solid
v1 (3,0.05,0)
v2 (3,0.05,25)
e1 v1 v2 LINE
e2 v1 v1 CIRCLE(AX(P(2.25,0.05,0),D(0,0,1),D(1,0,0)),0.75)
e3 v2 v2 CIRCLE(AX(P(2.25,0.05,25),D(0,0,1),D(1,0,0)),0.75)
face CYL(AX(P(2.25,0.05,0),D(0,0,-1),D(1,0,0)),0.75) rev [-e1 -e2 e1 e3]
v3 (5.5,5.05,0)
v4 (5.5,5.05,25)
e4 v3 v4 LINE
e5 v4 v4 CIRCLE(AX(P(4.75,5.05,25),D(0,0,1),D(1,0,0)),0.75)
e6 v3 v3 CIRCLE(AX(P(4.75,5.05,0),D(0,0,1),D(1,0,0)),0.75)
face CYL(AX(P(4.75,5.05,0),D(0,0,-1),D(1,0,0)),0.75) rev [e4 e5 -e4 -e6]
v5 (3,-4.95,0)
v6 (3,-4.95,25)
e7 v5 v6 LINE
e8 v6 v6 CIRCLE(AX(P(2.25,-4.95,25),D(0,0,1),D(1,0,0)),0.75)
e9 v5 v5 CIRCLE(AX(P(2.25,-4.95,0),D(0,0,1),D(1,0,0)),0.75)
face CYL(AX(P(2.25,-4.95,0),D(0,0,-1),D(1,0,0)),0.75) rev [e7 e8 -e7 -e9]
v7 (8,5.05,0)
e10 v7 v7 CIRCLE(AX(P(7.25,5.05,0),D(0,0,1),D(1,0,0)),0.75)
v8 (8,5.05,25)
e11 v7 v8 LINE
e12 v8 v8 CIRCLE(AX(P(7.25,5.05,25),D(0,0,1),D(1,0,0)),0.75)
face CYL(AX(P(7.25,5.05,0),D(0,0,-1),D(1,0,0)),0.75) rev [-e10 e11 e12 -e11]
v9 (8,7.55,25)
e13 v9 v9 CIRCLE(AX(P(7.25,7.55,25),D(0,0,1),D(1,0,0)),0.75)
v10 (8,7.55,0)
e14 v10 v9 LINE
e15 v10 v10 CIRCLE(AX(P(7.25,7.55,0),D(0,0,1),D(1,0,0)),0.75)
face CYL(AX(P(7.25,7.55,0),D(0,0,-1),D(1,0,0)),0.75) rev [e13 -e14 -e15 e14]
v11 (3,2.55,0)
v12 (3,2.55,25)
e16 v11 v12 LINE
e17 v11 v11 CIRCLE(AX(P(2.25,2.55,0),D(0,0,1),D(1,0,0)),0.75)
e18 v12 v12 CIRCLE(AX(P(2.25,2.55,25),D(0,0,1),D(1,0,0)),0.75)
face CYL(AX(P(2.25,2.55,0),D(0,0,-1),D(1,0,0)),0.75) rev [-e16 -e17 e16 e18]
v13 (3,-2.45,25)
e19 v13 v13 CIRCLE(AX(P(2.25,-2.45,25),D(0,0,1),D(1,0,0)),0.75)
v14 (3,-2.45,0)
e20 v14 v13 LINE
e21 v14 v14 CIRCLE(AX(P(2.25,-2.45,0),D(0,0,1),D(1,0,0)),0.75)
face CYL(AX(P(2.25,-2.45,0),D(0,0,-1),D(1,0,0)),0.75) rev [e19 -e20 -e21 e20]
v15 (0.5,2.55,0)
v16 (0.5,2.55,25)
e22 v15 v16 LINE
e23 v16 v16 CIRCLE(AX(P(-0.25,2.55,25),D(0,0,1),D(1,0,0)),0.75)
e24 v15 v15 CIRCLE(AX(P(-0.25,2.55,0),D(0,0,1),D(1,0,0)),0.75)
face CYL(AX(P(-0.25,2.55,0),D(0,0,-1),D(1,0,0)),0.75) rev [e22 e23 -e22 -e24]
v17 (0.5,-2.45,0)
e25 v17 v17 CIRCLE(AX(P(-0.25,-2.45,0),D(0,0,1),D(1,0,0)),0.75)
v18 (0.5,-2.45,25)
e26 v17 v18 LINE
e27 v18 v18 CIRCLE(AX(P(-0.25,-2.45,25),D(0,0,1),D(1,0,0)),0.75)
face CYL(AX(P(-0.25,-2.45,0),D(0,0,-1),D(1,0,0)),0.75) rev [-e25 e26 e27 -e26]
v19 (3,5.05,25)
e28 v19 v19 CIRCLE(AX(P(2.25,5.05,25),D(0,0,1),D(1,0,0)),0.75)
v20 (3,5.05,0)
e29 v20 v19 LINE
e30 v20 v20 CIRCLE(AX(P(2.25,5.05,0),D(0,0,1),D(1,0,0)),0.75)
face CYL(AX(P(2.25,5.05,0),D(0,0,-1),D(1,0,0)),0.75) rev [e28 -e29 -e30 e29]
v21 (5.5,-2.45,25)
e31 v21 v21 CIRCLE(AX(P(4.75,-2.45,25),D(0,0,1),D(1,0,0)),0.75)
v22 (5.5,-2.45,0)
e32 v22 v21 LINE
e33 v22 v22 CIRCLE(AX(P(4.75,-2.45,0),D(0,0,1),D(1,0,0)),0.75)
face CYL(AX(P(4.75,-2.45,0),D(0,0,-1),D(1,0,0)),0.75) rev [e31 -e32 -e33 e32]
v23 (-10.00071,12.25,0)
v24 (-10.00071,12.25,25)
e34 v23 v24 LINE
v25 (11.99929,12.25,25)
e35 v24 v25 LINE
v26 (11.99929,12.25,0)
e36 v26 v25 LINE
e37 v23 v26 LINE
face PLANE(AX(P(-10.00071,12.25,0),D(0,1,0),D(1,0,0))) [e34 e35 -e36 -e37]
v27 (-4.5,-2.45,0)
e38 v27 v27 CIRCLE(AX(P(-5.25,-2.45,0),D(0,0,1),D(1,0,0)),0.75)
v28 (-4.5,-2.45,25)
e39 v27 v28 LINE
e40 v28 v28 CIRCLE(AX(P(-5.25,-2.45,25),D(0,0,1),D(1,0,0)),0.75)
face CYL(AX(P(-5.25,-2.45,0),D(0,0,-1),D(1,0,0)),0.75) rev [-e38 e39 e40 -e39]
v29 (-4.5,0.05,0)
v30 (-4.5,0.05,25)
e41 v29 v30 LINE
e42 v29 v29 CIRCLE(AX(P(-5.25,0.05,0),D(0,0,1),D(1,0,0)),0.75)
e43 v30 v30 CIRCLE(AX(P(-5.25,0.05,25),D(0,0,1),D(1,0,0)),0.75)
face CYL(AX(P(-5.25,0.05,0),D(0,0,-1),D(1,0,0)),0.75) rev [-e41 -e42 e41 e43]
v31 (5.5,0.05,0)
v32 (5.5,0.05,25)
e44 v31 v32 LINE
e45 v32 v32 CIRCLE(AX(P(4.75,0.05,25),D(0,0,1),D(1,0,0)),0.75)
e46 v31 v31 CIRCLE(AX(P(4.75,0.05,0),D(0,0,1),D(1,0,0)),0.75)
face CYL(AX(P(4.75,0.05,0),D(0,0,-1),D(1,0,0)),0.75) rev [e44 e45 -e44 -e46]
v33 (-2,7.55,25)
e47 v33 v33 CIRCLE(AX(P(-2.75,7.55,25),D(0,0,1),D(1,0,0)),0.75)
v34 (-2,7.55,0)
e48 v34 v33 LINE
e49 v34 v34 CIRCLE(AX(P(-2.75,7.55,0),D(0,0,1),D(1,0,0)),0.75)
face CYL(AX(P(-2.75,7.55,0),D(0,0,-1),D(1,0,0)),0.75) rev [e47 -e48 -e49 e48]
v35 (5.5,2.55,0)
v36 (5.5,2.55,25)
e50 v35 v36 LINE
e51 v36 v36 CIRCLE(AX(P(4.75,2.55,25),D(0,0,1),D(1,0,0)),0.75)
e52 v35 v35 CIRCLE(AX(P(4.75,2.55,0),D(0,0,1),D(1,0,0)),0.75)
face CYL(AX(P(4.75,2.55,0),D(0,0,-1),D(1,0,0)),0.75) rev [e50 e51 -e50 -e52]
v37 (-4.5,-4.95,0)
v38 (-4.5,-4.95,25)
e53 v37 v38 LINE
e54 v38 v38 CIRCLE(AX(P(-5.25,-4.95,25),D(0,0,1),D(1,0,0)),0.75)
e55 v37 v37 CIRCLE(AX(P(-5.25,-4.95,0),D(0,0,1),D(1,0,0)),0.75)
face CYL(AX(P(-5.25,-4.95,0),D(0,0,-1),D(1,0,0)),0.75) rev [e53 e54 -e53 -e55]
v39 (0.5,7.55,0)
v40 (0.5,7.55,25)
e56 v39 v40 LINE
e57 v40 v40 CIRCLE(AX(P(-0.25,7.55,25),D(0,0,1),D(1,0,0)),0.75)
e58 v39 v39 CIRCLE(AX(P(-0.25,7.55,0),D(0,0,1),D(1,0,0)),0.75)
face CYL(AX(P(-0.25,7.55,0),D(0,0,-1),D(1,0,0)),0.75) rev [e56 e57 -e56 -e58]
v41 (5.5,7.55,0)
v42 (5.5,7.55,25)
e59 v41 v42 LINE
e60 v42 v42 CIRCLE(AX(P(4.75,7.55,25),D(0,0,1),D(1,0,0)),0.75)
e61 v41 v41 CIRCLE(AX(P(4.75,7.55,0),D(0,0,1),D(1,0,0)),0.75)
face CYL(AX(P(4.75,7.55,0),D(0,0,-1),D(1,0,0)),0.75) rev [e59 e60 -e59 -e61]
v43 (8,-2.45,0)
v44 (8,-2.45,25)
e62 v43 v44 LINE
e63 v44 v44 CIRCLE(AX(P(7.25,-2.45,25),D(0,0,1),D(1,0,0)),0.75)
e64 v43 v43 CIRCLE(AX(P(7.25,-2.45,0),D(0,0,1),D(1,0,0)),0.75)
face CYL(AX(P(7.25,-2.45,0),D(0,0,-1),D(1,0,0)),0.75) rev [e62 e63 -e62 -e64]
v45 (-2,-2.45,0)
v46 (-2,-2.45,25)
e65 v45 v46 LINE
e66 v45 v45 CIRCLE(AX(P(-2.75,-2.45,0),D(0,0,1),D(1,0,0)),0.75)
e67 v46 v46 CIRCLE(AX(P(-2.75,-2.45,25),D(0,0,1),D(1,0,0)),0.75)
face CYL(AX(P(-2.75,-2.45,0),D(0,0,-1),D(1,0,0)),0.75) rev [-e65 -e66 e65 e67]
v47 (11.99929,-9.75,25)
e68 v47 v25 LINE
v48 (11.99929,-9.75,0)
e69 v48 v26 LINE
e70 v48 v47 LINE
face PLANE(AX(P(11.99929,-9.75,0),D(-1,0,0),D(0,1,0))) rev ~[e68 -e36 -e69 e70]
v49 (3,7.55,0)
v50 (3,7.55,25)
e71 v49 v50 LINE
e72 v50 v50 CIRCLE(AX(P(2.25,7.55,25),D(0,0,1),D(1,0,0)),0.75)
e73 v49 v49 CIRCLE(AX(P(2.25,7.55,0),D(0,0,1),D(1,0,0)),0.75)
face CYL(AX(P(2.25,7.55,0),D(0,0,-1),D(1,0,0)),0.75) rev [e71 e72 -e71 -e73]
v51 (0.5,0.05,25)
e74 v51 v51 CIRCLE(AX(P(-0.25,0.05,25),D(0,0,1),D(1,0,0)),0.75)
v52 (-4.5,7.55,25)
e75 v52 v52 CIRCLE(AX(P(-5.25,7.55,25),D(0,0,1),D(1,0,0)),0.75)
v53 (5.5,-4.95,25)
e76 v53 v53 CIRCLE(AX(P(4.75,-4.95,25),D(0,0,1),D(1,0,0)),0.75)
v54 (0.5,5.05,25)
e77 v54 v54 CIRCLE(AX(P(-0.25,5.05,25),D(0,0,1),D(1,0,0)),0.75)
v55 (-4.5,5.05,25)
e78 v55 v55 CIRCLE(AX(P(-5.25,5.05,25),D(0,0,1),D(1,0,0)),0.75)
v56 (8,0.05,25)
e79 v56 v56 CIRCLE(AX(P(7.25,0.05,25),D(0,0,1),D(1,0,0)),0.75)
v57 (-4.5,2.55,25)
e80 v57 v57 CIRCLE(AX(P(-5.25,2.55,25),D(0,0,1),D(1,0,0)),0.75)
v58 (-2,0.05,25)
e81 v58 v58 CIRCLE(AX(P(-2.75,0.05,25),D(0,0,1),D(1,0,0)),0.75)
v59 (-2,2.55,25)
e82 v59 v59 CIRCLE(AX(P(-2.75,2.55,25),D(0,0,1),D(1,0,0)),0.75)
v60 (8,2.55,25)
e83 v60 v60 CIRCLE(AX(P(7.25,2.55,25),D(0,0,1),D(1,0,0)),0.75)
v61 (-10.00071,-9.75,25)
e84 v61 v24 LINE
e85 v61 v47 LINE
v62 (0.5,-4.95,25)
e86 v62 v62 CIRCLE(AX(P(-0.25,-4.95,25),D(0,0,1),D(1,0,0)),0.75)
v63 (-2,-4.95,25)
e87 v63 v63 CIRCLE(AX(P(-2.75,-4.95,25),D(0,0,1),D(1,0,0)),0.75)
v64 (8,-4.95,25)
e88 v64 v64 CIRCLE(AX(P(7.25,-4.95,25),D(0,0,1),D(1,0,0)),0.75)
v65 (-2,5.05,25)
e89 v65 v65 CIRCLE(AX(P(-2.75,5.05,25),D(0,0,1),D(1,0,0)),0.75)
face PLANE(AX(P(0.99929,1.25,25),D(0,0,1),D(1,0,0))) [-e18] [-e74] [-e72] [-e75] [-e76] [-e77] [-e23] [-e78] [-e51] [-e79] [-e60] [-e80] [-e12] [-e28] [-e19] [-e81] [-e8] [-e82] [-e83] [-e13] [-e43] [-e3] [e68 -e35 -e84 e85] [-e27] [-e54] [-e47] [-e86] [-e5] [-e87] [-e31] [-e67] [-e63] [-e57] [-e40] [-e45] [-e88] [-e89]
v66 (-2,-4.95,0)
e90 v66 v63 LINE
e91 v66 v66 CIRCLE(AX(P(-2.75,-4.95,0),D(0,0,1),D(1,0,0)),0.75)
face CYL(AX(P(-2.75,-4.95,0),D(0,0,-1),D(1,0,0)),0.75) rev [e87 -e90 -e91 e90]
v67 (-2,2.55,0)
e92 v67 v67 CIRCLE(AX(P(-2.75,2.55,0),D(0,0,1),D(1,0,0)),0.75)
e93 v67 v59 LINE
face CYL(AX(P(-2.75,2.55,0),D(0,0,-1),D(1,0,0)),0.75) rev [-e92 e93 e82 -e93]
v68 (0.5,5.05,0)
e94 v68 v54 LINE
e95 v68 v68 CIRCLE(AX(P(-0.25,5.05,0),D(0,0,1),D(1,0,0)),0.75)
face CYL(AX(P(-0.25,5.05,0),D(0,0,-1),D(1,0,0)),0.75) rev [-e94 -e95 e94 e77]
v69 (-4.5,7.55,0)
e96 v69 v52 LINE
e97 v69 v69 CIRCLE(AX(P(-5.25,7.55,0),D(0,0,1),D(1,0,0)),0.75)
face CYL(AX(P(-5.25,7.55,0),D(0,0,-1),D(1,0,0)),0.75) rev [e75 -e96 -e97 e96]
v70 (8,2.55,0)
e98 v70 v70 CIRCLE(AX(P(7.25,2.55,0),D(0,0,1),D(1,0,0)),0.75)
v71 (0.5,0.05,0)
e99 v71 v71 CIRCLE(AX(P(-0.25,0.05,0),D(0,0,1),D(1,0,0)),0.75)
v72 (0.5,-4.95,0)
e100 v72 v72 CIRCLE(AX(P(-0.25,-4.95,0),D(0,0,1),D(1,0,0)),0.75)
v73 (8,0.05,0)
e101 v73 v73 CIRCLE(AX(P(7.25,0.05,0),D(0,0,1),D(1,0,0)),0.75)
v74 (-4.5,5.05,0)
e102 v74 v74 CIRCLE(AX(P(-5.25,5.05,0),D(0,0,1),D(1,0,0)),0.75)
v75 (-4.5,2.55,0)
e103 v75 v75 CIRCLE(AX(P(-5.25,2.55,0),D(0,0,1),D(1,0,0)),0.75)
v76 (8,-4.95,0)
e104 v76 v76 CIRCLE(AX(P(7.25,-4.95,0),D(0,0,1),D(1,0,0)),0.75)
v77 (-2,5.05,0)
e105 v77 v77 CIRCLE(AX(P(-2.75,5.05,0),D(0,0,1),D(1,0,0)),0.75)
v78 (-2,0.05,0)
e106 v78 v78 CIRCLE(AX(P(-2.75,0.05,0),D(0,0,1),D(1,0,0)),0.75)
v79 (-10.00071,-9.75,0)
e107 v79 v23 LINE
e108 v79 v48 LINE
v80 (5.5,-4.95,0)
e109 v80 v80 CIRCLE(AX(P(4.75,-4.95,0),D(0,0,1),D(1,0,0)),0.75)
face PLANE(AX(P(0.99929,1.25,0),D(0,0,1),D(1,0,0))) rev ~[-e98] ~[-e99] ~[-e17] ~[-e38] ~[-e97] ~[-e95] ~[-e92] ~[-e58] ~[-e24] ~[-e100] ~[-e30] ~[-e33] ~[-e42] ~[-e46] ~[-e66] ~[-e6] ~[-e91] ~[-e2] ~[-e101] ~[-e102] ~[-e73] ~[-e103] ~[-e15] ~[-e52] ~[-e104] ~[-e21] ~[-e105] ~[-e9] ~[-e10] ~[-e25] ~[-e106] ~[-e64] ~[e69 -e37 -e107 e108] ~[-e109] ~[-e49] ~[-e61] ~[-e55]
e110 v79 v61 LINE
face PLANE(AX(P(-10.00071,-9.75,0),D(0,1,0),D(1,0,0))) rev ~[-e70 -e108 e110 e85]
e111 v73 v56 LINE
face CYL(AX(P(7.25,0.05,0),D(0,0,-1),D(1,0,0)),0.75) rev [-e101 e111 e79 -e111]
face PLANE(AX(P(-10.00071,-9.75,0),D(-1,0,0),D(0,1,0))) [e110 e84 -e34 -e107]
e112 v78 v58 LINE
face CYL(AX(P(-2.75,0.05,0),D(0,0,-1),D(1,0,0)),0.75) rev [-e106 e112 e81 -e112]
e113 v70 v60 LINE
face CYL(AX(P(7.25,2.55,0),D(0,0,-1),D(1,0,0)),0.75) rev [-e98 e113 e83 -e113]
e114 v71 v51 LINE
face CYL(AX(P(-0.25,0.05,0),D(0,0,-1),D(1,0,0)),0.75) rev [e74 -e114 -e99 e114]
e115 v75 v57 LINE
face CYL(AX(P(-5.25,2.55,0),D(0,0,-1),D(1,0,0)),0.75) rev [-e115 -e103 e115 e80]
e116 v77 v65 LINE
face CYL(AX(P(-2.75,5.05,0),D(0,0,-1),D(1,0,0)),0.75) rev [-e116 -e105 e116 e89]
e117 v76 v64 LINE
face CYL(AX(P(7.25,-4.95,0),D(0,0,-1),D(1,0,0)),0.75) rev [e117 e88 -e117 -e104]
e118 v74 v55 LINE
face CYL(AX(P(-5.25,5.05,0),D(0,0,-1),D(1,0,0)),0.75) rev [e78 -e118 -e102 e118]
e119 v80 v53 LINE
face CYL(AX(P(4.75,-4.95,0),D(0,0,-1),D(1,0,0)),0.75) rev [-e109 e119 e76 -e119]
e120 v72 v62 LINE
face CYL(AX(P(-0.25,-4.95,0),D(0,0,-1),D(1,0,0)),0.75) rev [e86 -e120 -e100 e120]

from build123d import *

# Parameters (mm, degrees)
F0_W     = 22
F0_H     = 22
F0_R     = 0.75
F1_DEPTH = 25


with BuildPart() as f1:
    # F0 (on Top) → F1 (new body)
    with BuildSketch(Plane.XY):
        with Locations((0.99929, 1.25)):
            Rectangle(F0_W, F0_H)
        with Locations((-5.25, -4.95)):
            Circle(F0_R, mode=Mode.SUBTRACT)
        with Locations((-2.75, -4.95)):
            Circle(F0_R, mode=Mode.SUBTRACT)
        with Locations((-0.25, -4.95)):
            Circle(F0_R, mode=Mode.SUBTRACT)
        with Locations((-5.25, -2.45)):
            Circle(F0_R, mode=Mode.SUBTRACT)
        with Locations((-5.25, 0.05)):
            Circle(F0_R, mode=Mode.SUBTRACT)
        with Locations((-2.75, -2.45)):
            Circle(F0_R, mode=Mode.SUBTRACT)
        with Locations((-0.25, -2.45)):
            Circle(F0_R, mode=Mode.SUBTRACT)
        with Locations((-2.75, 0.05)):
            Circle(F0_R, mode=Mode.SUBTRACT)
        with Locations((-0.25, 0.05)):
            Circle(F0_R, mode=Mode.SUBTRACT)
        with Locations((2.25, -4.95)):
            Circle(F0_R, mode=Mode.SUBTRACT)
        with Locations((4.75, -4.95)):
            Circle(F0_R, mode=Mode.SUBTRACT)
        with Locations((7.25, -4.95)):
            Circle(F0_R, mode=Mode.SUBTRACT)
        with Locations((2.25, -2.45)):
            Circle(F0_R, mode=Mode.SUBTRACT)
        with Locations((4.75, -2.45)):
            Circle(F0_R, mode=Mode.SUBTRACT)
        with Locations((2.25, 0.05)):
            Circle(F0_R, mode=Mode.SUBTRACT)
        with Locations((4.75, 0.05)):
            Circle(F0_R, mode=Mode.SUBTRACT)
        with Locations((7.25, -2.45)):
            Circle(F0_R, mode=Mode.SUBTRACT)
        with Locations((7.25, 0.05)):
            Circle(F0_R, mode=Mode.SUBTRACT)
        with Locations((-5.25, 2.55)):
            Circle(F0_R, mode=Mode.SUBTRACT)
        with Locations((-5.25, 5.05)):
            Circle(F0_R, mode=Mode.SUBTRACT)
        with Locations((-2.75, 2.55)):
            Circle(F0_R, mode=Mode.SUBTRACT)
        with Locations((-0.25, 2.55)):
            Circle(F0_R, mode=Mode.SUBTRACT)
        with Locations((-2.75, 5.05)):
            Circle(F0_R, mode=Mode.SUBTRACT)
        with Locations((-0.25, 5.05)):
            Circle(F0_R, mode=Mode.SUBTRACT)
        with Locations((-5.25, 7.55)):
            Circle(F0_R, mode=Mode.SUBTRACT)
        with Locations((-2.75, 7.55)):
            Circle(F0_R, mode=Mode.SUBTRACT)
        with Locations((-0.25, 7.55)):
            Circle(F0_R, mode=Mode.SUBTRACT)
        with Locations((2.25, 2.55)):
            Circle(F0_R, mode=Mode.SUBTRACT)
        with Locations((4.75, 2.55)):
            Circle(F0_R, mode=Mode.SUBTRACT)
        with Locations((2.25, 5.05)):
            Circle(F0_R, mode=Mode.SUBTRACT)
        with Locations((4.75, 5.05)):
            Circle(F0_R, mode=Mode.SUBTRACT)
        with Locations((7.25, 2.55)):
            Circle(F0_R, mode=Mode.SUBTRACT)
        with Locations((7.25, 5.05)):
            Circle(F0_R, mode=Mode.SUBTRACT)
        with Locations((2.25, 7.55)):
            Circle(F0_R, mode=Mode.SUBTRACT)
        with Locations((4.75, 7.55)):
            Circle(F0_R, mode=Mode.SUBTRACT)
        with Locations((7.25, 7.55)):
            Circle(F0_R, mode=Mode.SUBTRACT)
    extrude(amount=F1_DEPTH)


solid = f1.part
